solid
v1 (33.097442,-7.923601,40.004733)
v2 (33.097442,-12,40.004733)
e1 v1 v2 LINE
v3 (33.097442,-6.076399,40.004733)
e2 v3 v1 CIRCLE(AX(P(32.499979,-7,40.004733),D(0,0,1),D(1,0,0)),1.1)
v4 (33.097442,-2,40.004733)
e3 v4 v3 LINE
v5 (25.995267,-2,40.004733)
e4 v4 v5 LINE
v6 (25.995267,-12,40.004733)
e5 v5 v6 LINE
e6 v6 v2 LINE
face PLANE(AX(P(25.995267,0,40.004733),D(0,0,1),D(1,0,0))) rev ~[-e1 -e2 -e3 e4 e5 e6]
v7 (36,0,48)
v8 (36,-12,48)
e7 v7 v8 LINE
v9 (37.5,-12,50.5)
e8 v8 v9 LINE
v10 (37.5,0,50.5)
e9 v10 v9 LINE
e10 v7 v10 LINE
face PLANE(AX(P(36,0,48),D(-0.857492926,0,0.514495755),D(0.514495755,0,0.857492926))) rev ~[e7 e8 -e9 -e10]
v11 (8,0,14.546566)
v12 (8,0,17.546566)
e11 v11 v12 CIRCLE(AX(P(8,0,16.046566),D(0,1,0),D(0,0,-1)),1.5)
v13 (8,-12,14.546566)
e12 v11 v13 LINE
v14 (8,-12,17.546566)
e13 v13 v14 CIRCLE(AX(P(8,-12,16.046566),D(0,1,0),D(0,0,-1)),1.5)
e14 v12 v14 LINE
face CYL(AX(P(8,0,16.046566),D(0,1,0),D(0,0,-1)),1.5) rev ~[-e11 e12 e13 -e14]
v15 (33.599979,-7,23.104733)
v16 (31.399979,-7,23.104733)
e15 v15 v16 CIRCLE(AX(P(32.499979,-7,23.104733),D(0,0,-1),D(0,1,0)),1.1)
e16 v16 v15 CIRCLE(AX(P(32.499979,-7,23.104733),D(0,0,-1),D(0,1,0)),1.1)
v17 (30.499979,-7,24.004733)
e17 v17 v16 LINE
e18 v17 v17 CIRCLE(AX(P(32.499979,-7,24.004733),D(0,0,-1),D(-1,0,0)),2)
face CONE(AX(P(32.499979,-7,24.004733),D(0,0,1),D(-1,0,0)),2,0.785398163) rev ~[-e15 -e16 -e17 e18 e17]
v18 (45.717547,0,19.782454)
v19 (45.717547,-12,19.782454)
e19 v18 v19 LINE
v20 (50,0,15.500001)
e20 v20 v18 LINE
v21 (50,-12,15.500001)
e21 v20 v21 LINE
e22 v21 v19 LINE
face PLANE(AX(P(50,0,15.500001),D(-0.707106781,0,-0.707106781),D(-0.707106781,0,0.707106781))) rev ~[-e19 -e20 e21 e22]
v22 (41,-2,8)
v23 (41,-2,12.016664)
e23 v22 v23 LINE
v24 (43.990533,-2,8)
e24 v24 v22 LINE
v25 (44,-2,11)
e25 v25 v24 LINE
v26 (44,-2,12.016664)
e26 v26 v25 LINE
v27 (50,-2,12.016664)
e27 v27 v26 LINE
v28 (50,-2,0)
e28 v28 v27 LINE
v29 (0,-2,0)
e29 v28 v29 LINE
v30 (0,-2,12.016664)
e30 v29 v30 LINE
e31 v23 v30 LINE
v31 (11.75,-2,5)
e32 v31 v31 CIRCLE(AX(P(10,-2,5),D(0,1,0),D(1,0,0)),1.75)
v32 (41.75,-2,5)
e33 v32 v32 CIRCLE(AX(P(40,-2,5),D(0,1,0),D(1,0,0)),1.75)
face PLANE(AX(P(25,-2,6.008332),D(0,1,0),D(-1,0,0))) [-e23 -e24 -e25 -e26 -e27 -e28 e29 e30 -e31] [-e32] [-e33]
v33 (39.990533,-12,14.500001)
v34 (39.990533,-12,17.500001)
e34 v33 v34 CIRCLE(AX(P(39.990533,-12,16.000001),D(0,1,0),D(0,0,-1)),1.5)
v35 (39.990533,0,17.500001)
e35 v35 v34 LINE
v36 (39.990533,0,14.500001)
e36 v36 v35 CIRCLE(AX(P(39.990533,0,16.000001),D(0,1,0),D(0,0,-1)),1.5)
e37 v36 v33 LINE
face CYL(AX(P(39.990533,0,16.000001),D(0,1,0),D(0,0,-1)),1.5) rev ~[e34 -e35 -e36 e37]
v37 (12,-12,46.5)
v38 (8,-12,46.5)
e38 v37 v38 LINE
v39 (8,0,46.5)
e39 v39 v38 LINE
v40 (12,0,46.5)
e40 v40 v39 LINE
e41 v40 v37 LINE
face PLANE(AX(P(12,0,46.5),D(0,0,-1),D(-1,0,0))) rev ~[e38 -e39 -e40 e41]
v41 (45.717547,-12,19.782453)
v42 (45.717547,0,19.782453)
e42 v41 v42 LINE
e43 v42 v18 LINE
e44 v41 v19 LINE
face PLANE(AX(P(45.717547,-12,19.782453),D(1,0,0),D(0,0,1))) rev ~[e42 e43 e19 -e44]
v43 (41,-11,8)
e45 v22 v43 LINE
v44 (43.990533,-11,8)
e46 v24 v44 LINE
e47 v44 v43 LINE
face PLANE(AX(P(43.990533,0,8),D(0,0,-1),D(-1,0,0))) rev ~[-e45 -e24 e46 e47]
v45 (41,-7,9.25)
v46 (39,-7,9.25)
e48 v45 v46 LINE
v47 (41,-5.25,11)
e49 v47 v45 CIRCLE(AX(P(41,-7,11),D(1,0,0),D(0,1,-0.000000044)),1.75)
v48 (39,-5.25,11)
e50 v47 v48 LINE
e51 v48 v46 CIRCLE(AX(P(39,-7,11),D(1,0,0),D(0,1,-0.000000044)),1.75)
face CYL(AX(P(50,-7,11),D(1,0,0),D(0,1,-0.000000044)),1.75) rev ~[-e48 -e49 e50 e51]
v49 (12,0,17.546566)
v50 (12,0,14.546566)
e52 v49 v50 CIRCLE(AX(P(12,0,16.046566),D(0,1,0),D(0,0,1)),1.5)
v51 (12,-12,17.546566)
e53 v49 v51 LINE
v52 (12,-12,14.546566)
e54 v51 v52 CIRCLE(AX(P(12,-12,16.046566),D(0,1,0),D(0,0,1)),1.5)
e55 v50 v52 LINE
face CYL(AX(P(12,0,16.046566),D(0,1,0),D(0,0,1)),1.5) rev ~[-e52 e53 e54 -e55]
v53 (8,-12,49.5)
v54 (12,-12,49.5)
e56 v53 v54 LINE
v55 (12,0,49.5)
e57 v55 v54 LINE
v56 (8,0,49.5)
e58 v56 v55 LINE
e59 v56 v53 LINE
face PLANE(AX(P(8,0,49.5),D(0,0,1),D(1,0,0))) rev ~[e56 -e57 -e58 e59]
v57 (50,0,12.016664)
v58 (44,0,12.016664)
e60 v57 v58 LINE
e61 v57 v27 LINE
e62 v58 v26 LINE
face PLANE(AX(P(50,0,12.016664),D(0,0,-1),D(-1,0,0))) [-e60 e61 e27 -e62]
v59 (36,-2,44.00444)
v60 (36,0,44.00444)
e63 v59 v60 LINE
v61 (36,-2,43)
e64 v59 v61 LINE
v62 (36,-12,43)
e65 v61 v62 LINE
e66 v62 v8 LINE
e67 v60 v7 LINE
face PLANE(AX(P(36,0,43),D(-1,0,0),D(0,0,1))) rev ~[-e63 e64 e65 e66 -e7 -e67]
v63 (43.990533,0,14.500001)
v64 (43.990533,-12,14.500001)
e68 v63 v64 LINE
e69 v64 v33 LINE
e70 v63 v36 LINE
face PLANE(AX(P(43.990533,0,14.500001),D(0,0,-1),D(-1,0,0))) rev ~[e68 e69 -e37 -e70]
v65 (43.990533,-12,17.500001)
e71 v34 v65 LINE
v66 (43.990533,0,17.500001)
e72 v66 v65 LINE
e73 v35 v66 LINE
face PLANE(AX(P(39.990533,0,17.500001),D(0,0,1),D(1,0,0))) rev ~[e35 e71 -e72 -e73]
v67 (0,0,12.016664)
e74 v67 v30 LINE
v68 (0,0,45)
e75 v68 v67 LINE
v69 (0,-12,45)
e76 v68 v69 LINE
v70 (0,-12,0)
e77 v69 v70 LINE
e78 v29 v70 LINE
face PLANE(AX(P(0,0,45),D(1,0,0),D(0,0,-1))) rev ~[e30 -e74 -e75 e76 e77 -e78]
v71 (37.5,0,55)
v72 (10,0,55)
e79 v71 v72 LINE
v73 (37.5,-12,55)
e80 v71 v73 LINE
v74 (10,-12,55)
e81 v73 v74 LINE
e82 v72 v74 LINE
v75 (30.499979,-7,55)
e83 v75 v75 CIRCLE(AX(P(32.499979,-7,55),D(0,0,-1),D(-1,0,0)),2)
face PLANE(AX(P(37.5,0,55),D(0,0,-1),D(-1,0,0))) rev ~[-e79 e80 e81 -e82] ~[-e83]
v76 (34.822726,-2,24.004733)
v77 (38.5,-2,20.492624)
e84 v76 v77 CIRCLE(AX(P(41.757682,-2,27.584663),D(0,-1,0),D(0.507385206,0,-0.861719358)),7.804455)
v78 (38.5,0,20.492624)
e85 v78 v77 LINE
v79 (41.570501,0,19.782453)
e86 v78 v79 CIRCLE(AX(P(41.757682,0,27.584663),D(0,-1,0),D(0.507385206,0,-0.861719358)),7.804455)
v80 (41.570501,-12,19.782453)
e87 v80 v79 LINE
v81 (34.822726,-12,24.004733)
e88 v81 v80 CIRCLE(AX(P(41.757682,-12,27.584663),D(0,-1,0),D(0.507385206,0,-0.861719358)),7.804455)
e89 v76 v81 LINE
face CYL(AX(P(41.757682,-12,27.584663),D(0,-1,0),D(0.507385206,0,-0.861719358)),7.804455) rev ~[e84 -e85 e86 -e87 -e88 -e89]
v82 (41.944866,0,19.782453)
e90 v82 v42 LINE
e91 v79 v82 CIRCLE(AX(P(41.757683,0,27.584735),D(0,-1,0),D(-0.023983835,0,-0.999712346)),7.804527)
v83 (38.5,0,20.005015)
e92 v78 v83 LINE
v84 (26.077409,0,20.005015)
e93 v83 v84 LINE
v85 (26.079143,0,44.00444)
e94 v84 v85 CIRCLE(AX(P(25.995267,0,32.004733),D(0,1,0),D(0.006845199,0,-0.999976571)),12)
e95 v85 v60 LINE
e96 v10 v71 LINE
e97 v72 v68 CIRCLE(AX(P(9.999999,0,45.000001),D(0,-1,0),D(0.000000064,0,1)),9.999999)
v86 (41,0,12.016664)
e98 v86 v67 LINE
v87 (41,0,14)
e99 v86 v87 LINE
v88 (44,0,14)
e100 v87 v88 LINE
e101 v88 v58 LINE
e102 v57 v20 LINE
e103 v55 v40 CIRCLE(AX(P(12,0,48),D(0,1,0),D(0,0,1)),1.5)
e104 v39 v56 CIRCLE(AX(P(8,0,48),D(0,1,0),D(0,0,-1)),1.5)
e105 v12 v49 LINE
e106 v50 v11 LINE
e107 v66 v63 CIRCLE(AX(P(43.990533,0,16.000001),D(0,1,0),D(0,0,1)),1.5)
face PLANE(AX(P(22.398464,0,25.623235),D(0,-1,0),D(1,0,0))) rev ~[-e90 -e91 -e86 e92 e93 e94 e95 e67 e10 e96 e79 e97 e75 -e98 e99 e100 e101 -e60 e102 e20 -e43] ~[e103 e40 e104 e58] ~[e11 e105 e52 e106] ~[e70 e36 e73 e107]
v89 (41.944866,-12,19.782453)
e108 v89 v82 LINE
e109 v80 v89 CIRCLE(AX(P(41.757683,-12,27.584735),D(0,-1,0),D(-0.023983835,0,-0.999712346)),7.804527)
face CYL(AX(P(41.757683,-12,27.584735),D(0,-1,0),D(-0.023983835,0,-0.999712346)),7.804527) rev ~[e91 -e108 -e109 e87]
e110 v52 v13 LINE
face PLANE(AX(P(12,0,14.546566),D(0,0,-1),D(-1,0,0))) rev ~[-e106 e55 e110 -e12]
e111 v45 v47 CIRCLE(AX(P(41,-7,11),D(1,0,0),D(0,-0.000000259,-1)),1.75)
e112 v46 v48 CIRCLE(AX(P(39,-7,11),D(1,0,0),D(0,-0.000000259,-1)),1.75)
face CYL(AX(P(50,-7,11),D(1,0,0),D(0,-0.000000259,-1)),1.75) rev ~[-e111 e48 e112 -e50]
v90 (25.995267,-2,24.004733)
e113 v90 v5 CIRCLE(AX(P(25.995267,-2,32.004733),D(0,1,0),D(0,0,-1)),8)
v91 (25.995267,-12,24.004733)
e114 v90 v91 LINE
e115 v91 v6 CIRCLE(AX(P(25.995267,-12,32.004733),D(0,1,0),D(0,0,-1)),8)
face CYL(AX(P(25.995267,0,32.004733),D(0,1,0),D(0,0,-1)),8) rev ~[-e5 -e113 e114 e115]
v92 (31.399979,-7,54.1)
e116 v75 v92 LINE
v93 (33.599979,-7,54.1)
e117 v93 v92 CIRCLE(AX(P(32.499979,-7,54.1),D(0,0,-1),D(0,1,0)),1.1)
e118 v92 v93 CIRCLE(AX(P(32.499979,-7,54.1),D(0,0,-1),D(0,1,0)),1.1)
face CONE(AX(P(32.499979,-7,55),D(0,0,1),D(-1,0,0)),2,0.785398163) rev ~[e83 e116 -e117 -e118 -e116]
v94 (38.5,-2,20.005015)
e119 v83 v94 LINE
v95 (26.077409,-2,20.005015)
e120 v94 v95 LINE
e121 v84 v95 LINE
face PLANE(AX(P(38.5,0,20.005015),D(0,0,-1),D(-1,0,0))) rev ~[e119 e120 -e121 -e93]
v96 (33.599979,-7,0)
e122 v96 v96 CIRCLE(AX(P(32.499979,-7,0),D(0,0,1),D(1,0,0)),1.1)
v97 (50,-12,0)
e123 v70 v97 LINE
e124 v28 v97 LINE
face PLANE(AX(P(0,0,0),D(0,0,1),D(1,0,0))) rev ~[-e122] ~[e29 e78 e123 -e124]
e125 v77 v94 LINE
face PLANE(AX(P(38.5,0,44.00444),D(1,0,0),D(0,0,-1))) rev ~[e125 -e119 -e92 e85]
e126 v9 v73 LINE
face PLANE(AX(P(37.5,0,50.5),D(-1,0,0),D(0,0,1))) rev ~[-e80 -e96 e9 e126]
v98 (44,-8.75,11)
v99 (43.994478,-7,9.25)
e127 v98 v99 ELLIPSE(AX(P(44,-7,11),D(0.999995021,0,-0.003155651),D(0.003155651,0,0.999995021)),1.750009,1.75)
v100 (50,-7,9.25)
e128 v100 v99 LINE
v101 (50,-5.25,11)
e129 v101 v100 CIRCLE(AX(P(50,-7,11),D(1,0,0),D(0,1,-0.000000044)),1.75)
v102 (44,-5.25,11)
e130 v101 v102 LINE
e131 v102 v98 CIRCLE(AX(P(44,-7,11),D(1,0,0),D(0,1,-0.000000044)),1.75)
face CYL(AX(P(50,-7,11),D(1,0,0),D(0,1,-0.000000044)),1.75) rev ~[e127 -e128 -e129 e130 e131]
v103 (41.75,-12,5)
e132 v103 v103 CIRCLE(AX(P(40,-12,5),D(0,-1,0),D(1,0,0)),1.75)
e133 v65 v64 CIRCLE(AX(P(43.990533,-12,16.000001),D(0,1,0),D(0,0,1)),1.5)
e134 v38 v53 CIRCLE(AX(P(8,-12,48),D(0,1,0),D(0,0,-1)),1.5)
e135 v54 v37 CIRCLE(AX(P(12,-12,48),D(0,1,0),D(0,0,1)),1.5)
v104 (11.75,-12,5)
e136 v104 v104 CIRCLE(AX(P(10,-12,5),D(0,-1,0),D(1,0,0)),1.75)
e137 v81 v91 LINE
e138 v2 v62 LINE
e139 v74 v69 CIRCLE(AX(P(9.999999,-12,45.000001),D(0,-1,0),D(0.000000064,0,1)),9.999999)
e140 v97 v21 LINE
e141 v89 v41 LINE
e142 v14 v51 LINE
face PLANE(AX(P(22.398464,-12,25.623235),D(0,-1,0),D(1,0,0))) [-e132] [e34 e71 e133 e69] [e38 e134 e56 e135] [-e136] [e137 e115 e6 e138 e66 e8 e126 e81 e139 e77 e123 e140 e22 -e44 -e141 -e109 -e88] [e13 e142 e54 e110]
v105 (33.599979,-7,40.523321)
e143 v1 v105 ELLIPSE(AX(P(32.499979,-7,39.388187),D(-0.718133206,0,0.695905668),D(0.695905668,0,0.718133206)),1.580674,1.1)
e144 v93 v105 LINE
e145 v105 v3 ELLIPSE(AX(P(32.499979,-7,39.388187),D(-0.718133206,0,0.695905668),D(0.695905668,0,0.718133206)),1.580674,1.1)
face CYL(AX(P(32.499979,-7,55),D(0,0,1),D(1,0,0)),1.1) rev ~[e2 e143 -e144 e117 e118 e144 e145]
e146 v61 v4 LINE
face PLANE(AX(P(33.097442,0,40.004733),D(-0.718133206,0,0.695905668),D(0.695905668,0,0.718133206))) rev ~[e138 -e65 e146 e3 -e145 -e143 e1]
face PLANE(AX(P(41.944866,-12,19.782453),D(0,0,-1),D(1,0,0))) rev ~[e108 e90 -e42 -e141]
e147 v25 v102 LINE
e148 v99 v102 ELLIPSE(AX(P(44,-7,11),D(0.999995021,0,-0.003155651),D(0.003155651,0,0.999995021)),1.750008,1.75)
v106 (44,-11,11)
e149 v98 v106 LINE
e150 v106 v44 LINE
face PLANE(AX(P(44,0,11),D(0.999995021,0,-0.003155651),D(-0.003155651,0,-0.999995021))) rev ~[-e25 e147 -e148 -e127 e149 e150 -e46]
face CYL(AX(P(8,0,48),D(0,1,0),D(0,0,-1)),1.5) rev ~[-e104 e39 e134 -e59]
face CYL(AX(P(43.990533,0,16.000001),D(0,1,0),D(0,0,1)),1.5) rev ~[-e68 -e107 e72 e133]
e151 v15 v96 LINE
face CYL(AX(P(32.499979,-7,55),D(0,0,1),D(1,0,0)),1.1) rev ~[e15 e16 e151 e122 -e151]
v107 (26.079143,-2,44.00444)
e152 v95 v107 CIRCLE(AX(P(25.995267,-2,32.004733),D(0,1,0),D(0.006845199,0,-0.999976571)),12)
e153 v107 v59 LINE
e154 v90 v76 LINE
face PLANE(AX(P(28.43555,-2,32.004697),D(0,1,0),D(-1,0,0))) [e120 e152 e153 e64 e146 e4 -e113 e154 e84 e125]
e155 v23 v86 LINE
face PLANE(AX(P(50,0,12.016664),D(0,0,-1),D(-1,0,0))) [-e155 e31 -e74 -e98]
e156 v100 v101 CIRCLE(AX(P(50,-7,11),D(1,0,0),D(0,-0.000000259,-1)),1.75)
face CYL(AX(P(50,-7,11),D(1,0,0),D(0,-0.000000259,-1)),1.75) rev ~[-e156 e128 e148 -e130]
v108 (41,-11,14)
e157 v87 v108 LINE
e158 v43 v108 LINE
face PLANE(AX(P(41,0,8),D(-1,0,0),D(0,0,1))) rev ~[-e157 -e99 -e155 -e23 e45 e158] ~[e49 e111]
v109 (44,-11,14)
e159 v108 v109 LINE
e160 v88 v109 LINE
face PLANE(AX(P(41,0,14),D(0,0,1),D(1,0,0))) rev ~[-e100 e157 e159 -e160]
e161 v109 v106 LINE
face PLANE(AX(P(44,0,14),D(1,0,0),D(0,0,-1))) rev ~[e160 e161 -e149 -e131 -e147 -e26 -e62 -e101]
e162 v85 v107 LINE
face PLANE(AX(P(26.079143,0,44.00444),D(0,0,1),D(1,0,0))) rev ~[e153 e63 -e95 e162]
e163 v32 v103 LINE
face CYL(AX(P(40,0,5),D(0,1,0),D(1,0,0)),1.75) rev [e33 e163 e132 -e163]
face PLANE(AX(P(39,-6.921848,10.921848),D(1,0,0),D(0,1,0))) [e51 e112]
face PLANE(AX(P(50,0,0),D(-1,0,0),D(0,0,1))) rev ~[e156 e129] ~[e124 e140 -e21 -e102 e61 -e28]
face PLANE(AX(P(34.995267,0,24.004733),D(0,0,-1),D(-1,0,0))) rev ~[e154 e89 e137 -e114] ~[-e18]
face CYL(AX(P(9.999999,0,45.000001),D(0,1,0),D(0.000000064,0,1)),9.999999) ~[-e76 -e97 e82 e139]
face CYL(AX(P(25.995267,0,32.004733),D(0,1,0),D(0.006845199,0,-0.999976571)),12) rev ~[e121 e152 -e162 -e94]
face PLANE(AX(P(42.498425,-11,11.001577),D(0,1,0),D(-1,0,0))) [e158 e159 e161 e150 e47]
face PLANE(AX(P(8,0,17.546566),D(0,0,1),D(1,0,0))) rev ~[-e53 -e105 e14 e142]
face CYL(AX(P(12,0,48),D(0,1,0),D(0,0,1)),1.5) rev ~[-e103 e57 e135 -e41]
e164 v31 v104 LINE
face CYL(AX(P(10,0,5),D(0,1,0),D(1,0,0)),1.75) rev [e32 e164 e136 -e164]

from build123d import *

# Parameters (mm, degrees)
F0_R            = 1.75
F1_DEPTH        = 12
F3_DEPTH        = 2
F4_W            = 50
F4_H            = 12.016664
F5_DEPTH        = 2
F6_R            = 1.1
F7_DEPTH        = 60
F9_DEPTH        = 11
F11_DEPTH       = 11
F13_D           = 2.2
F13_DEPTH       = 3
F13_CSINK_D     = 4
F13_CSINK_ANGLE = 90
F15_D           = 2.2
F15_DEPTH       = 3
F15_CSINK_D     = 4
F15_CSINK_ANGLE = 90
F17_DEPTH       = 25


with BuildPart() as f1:
    # F0 (on Front) → F1 (new body)
    with BuildSketch(Plane.XZ):
        with BuildLine():
            Line((0, 45), (0, 0))
            Line((0, 0), (50, 0))
            Line((50, 0), (50, 15.500001))
            Line((50, 15.500001), (45, 20.500001))
            Line((45, 20.500001), (38.5, 20.500001))
            Line((38.5, 20.500001), (34.995267, 24.004733))
            Line((34.995267, 24.004733), (25.995267, 24.004733))
            ThreePointArc((25.995267, 24.004733), (17.995267, 32.004733), (25.995267, 40.004733))
            Line((25.995267, 40.004733), (33.097442, 40.004733))
            Line((33.097442, 40.004733), (36, 43))
            Line((36, 43), (36, 48))
            Line((36, 48), (37.5, 50.5))
            Line((37.5, 50.5), (37.5, 55))
            Line((37.5, 55), (10, 55))
            ThreePointArc((10, 55), (2.928932, 52.071068), (0, 45))
        make_face()
        with Locations((10, 5)):
            Circle(F0_R, mode=Mode.SUBTRACT)
        with BuildLine():
            ThreePointArc((12, 17.546566), (13.5, 16.046566), (12, 14.546566))
            Line((12, 14.546566), (8, 14.546566))
            ThreePointArc((8, 14.546566), (6.5, 16.046566), (8, 17.546566))
            Line((8, 17.546566), (12, 17.546566))
        make_face(mode=Mode.SUBTRACT)
        with Locations((40, 5)):
            Circle(F0_R, mode=Mode.SUBTRACT)
        with BuildLine():
            ThreePointArc((43.990533, 17.500001), (45.490533, 16.000001), (43.990533, 14.500001))
            Line((43.990533, 14.500001), (39.990533, 14.500001))
            ThreePointArc((39.990533, 14.500001), (38.490533, 16.000001), (39.990533, 17.500001))
            Line((39.990533, 17.500001), (43.990533, 17.500001))
        make_face(mode=Mode.SUBTRACT)
        with BuildLine():
            ThreePointArc((12, 49.5), (13.5, 48), (12, 46.5))
            Line((12, 46.5), (8, 46.5))
            ThreePointArc((8, 46.5), (6.5, 48), (8, 49.5))
            Line((8, 49.5), (12, 49.5))
        make_face(mode=Mode.SUBTRACT)
    extrude(amount=F1_DEPTH)

    # F2 (on face) → F3 (cut)
    with BuildSketch(Plane(origin=(0, 0, 0), x_dir=(-1, 0, 0), z_dir=(0, 1, 0))):
        with BuildLine():
            Line((-38.5, 20.005015), (-26.077409, 20.005015))
            ThreePointArc((-26.077409, 20.005015), (-13.995267, 32.0056), (-26.079143, 44.00444))
            Line((-26.079143, 44.00444), (-36, 44.00444))
            Line((-36, 44.00444), (-38.5, 44.00444))
            Line((-38.5, 44.00444), (-38.5, 20.500001))
            Line((-38.5, 20.500001), (-38.5, 20.005015))
        make_face()
    extrude(amount=-F3_DEPTH, mode=Mode.SUBTRACT)

    # F4 (on face) → F5 (cut)
    with BuildSketch(Plane(origin=(0, 0, 0), x_dir=(-1, 0, 0), z_dir=(0, 1, 0))):
        with Locations((-25, 6.008332)):
            Rectangle(F4_W, F4_H)
    extrude(amount=-F5_DEPTH, mode=Mode.SUBTRACT)

    # F6 (on face) → F7 (cut)
    with BuildSketch(Plane.XY.offset(55)):
        with Locations((32.499979, -7)):
            Circle(F6_R)
    extrude(amount=-F7_DEPTH, mode=Mode.SUBTRACT)

    # F8 (on face) → F9 (cut)
    with BuildSketch(Plane.YZ.offset(50)):
        with BuildLine():
            ThreePointArc((-7, 9.25), (-5.762563, 9.762563), (-5.25, 11))
            ThreePointArc((-5.25, 11), (-8.237437, 12.237437), (-7, 9.25))
        make_face()
    extrude(amount=-F9_DEPTH, mode=Mode.SUBTRACT)

    # F10 (on face) → F11 (cut)
    with BuildSketch(Plane(origin=(0, 0, 0), x_dir=(-1, 0, 0), z_dir=(0, 1, 0))):
        Polygon((-44, 14), (-44, 11), (-43.990533, 8), (-41, 8), (-41, 14), align=None)
    extrude(amount=-F11_DEPTH, mode=Mode.SUBTRACT)

    # F13
    with Locations(Plane.XY.offset(24.004733)):
        with Locations((32.499979, -7)):
            CounterSinkHole(F13_D / 2, F13_CSINK_D / 2, depth=F13_DEPTH, counter_sink_angle=F13_CSINK_ANGLE)

    # F15
    with Locations(Plane.XY.offset(55)):
        with Locations((32.499979, -7)):
            CounterSinkHole(F15_D / 2, F15_CSINK_D / 2, depth=F15_DEPTH, counter_sink_angle=F15_CSINK_ANGLE)

    # F16 (on face) → F17 (cut)
    with BuildSketch(Plane.XZ.offset(12)):
        with BuildLine():
            Line((45.717547, 19.782453), (45.717547, 20.859413))
            ThreePointArc((45.717547, 20.859413), (39.79599, 35.138554), (41.570501, 19.782453))
            Line((41.570501, 19.782453), (41.944866, 19.782453))
            Line((41.944866, 19.782453), (45.717547, 19.782453))
        make_face()
        with BuildLine():
            Line((41.944866, 19.782453), (41.570501, 19.782453))
            ThreePointArc((41.570501, 19.782453), (41.757683, 19.780208), (41.944866, 19.782453))
        make_face()
    extrude(amount=-F17_DEPTH, mode=Mode.SUBTRACT)


solid = f1.part
